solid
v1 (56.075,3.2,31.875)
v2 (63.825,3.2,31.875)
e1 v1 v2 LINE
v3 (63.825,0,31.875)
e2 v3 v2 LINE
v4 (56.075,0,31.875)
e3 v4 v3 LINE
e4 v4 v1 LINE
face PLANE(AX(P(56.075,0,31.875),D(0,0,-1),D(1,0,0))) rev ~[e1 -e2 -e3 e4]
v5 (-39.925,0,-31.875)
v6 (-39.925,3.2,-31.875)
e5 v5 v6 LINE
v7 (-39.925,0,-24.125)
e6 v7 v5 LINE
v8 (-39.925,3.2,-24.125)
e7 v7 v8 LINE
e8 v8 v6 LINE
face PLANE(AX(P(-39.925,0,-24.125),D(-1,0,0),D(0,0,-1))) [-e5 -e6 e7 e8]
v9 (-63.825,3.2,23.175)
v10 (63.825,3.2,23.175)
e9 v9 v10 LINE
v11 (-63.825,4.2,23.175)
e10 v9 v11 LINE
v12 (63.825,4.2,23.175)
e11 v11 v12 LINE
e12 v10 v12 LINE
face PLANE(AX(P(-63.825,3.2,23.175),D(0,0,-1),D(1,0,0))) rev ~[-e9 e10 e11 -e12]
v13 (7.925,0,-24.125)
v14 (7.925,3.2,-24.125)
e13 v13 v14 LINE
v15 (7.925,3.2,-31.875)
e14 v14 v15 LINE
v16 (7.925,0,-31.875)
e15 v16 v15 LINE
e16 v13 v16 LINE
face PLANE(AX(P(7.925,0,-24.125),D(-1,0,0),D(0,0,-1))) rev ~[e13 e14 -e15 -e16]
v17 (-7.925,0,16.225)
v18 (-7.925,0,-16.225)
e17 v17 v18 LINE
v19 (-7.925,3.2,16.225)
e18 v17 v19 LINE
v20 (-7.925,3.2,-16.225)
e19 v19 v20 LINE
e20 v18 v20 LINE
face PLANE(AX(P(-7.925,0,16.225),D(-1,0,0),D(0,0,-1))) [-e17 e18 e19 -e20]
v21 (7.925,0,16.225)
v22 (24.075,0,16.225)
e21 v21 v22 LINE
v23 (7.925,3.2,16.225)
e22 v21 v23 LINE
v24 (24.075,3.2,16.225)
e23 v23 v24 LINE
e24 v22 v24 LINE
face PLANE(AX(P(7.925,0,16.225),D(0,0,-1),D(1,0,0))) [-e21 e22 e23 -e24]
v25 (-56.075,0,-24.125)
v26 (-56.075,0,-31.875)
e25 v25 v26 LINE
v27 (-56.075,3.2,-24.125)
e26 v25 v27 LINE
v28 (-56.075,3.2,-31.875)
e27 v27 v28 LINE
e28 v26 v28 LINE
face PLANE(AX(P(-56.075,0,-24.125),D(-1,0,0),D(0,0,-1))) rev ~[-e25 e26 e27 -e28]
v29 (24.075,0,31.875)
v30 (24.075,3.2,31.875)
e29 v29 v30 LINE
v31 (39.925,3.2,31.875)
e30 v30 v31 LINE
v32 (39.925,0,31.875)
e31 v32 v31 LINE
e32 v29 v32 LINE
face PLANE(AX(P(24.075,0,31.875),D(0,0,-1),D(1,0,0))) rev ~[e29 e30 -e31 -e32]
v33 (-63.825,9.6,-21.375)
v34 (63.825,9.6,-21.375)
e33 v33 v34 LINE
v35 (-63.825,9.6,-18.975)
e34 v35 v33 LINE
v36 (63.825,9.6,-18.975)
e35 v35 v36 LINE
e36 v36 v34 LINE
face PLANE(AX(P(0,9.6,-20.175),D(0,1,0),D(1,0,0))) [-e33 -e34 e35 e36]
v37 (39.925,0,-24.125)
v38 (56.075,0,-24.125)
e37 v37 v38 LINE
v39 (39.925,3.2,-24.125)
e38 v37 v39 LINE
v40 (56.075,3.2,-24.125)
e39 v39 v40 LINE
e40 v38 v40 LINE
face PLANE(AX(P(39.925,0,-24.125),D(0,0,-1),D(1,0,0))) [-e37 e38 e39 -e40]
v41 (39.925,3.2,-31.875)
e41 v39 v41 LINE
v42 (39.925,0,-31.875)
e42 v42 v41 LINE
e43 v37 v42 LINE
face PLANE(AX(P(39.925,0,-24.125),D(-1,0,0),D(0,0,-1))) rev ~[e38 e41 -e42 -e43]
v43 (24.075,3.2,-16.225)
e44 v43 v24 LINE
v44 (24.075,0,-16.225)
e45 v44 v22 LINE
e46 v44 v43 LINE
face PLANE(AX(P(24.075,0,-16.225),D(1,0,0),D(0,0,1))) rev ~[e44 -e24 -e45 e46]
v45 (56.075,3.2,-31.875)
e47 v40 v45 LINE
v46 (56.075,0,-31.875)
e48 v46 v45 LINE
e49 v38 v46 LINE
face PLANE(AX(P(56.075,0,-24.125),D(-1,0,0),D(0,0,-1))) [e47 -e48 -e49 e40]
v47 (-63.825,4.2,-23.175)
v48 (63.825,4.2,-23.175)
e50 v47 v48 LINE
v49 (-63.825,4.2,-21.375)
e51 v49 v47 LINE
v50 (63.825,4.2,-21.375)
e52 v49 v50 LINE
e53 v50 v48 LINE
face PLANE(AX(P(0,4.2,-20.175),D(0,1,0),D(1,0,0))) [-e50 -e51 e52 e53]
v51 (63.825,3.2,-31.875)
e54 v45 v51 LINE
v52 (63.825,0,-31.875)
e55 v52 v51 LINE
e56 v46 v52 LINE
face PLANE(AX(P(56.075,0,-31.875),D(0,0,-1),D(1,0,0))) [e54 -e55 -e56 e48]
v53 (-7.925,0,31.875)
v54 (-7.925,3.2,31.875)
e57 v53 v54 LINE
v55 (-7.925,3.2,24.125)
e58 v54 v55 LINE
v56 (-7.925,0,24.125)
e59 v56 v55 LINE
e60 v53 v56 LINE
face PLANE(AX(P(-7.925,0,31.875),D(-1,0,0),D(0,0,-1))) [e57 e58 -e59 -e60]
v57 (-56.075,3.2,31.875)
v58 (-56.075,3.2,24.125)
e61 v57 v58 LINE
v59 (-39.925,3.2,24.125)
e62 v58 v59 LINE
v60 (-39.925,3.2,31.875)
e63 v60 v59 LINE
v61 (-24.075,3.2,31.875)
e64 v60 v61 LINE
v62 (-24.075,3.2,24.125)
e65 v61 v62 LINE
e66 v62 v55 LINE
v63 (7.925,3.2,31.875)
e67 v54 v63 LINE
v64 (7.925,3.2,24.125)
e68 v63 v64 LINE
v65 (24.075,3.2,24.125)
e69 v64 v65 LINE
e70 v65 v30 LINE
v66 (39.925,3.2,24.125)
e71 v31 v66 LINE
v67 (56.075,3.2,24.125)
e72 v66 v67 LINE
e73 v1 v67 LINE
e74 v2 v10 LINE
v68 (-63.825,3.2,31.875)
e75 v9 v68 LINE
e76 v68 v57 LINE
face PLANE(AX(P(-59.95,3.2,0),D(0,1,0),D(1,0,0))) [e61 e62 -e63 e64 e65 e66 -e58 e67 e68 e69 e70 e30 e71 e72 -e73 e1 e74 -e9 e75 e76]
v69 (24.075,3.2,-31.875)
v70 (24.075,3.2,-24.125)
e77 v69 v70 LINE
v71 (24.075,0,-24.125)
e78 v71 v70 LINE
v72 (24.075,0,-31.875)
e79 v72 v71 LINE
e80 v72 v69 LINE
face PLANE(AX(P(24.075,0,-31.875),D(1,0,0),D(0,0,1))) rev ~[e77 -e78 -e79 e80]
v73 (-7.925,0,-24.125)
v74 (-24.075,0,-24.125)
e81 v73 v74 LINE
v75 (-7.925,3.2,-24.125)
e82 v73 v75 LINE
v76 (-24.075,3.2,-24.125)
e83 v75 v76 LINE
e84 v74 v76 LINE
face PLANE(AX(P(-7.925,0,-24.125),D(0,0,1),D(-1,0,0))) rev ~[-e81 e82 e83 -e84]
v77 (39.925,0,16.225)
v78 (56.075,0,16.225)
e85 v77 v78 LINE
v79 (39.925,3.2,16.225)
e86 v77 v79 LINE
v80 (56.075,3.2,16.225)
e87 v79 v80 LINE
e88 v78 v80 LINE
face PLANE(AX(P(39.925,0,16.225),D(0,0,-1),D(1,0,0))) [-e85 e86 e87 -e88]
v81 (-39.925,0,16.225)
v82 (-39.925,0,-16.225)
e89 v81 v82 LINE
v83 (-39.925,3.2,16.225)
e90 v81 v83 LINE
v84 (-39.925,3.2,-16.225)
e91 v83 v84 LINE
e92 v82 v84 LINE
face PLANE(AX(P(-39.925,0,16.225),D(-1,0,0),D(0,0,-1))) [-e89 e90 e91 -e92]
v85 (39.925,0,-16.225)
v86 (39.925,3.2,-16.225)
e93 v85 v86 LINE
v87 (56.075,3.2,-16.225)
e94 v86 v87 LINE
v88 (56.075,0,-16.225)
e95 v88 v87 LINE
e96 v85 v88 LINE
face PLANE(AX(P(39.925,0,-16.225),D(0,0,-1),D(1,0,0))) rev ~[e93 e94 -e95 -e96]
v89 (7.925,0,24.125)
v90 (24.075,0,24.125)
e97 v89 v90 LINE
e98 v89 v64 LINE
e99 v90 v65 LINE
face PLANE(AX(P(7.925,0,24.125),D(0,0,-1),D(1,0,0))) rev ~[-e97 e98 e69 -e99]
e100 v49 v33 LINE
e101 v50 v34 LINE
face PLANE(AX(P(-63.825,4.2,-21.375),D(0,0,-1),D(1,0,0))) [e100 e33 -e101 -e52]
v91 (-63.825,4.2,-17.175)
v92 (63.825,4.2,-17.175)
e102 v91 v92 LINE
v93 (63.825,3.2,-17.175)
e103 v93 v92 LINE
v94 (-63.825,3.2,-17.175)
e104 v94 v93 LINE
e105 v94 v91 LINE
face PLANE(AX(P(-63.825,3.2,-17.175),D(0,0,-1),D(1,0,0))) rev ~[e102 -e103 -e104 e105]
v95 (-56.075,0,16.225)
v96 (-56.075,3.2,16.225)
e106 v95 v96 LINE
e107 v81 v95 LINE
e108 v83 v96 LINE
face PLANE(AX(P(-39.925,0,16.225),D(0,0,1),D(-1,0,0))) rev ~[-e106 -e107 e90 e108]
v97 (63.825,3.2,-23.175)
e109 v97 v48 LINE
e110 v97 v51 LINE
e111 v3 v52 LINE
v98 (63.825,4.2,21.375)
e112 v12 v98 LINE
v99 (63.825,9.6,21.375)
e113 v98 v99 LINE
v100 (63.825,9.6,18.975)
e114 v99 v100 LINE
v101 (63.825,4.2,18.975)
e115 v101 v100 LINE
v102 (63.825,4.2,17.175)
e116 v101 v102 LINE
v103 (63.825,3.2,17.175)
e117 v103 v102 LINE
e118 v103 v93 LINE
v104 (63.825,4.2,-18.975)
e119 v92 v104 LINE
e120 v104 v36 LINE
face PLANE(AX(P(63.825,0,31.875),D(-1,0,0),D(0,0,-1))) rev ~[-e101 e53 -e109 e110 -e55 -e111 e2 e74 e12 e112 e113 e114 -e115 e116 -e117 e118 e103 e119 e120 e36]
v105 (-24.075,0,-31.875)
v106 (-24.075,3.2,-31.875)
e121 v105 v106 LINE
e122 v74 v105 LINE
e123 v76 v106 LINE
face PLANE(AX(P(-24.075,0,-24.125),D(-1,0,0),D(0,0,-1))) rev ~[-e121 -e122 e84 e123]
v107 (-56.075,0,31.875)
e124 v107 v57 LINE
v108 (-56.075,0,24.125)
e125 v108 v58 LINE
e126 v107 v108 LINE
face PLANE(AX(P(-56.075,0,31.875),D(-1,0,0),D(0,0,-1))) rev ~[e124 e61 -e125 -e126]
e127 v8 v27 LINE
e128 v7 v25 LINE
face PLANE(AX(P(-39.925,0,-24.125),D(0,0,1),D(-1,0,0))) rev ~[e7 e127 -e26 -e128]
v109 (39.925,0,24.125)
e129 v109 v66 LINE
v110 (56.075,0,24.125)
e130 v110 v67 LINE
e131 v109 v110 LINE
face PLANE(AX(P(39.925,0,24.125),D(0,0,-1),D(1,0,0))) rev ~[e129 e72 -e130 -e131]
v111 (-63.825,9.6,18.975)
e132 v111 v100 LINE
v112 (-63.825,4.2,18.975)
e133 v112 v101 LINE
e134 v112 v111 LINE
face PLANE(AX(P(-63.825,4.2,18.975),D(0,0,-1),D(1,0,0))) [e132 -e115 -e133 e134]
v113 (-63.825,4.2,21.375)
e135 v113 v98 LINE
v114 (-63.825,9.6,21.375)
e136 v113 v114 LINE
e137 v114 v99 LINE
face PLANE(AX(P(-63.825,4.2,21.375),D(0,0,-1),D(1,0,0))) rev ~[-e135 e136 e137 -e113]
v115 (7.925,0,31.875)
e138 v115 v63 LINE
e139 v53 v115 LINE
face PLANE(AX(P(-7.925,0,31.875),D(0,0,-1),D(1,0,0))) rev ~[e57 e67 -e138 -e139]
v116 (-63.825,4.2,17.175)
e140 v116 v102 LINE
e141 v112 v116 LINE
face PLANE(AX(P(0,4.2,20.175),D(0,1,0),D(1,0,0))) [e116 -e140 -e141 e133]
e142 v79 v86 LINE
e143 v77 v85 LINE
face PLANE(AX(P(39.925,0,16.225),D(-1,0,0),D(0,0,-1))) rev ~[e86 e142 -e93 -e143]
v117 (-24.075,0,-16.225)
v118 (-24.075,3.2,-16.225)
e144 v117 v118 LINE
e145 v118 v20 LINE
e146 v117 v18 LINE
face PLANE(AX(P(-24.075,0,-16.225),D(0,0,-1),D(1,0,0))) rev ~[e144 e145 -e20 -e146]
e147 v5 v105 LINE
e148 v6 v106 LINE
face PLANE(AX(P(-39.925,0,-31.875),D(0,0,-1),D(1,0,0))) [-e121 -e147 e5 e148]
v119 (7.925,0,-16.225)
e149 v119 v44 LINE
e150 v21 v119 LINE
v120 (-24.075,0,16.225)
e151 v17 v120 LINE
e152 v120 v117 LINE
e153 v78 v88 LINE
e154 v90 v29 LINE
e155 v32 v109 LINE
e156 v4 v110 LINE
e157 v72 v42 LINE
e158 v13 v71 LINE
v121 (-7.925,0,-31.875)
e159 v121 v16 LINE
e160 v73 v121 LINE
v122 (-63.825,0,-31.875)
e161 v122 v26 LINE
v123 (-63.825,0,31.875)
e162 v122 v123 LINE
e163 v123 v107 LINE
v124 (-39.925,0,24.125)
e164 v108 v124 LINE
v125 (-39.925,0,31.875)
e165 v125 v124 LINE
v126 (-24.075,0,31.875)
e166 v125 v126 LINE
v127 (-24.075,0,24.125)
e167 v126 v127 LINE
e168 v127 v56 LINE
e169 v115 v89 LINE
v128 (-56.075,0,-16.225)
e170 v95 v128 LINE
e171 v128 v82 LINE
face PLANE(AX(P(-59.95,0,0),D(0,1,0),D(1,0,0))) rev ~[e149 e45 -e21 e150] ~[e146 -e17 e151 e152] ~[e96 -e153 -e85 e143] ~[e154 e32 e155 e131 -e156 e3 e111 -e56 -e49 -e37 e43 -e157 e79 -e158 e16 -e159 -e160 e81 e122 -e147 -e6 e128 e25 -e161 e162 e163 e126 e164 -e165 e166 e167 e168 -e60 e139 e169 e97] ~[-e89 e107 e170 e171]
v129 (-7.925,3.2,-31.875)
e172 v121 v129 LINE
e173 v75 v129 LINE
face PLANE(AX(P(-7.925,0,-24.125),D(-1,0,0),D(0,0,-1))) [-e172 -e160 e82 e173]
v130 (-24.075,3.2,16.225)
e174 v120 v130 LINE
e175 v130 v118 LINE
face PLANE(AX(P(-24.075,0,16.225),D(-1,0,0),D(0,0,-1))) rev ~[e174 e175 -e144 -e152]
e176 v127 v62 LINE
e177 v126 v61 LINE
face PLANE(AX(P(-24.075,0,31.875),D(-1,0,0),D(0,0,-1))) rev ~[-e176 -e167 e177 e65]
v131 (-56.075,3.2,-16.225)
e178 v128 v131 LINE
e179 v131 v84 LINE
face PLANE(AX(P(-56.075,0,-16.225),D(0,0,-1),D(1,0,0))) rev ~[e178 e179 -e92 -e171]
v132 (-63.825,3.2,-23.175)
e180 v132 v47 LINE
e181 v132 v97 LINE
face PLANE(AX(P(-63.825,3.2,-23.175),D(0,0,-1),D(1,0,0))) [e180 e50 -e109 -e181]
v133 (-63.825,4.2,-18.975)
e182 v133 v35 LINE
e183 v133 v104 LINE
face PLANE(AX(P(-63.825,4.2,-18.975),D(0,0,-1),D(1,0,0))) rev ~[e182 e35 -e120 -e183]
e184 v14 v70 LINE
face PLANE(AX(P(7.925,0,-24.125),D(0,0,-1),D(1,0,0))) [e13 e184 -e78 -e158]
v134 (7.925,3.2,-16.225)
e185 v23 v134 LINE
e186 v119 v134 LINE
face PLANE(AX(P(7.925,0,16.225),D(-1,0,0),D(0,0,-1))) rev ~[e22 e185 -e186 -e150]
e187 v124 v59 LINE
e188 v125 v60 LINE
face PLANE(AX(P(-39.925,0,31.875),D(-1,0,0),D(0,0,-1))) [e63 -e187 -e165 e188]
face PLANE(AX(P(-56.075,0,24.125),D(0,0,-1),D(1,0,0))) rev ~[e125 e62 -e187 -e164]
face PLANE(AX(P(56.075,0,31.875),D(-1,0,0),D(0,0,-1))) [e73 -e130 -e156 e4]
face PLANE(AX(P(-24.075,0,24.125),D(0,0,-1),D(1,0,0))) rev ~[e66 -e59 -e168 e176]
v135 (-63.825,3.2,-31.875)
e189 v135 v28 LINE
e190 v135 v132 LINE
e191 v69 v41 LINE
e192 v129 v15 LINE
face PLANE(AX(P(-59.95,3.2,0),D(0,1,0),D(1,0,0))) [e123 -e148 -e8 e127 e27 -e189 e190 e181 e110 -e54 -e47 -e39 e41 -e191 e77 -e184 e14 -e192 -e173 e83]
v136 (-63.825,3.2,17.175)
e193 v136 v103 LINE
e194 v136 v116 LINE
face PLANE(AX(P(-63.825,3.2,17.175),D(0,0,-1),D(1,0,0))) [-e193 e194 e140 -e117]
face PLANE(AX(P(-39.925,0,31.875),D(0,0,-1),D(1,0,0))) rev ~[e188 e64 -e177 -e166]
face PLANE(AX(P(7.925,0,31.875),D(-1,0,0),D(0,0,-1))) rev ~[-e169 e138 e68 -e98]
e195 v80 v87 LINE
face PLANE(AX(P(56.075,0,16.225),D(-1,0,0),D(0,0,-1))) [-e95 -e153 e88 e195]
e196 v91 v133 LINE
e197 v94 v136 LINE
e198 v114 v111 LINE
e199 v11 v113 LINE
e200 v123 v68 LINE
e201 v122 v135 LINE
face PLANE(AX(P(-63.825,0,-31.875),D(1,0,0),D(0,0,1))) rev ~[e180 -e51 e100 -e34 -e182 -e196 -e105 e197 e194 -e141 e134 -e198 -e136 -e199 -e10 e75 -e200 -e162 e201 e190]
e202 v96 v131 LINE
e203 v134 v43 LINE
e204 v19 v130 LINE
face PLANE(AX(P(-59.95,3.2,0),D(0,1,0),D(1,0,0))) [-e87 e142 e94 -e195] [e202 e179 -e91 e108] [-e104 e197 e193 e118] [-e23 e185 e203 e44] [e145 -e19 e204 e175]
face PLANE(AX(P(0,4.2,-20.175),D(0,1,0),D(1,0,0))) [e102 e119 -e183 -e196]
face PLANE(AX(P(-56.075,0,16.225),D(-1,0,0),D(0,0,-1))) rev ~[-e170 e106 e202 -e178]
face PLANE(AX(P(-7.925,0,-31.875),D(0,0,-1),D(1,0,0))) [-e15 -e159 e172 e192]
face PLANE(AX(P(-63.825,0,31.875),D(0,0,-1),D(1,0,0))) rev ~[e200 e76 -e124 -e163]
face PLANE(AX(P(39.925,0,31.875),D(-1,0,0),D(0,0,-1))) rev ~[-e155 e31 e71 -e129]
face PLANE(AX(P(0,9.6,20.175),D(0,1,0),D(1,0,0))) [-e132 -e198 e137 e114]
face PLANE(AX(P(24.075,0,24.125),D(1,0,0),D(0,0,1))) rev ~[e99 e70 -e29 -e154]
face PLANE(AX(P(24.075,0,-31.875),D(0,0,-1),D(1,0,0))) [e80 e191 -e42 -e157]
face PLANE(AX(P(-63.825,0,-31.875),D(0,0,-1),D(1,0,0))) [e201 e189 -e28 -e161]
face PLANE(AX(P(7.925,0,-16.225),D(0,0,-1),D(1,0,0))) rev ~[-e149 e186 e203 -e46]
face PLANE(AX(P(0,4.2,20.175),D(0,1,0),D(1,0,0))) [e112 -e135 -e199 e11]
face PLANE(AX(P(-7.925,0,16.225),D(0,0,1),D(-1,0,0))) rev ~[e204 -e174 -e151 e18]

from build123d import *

# Parameters (mm, degrees)
SKETCH1_W           = 7.75
SKETCH1_H           = 32.45
SKETCH1_H_2         = 7.9
SKETCH1_H_3         = 7.75
SKETCH1_W_2         = 16.15
SKETCH1_W_3         = 15.85
BOSS_EXTRUDE1_DEPTH = 3.2
SKETCH2_W           = 127.65
SKETCH2_H           = 6
BOSS_EXTRUDE2_DEPTH = 1
SKETCH3_W           = 127.65
SKETCH3_H           = 2.4
BOSS_EXTRUDE3_DEPTH = 5.4


with BuildPart() as part:
    # Sketch1 → Boss-Extrude1 (new body)
    with BuildSketch(Plane(origin=(0, 0, 0), x_dir=(1, 0, 0), z_dir=(0, 1, 0))):
        with Locations((-59.95, 0)):
            Rectangle(SKETCH1_W, SKETCH1_H)
        with Locations((-59.95, 20.175)):
            Rectangle(SKETCH1_W, SKETCH1_H_2)
        with Locations((-59.95, 28)):
            Rectangle(SKETCH1_W, SKETCH1_H_3)
        with Locations((-59.95, -20.175)):
            Rectangle(SKETCH1_W, SKETCH1_H_2)
        with Locations((-59.95, -28)):
            Rectangle(SKETCH1_W, SKETCH1_H_3)
        with Locations((-48, 20.175)):
            Rectangle(SKETCH1_W_2, SKETCH1_H_2)
        with Locations((-48, -20.175)):
            Rectangle(SKETCH1_W_2, SKETCH1_H_2)
        with Locations((-32, -28)):
            Rectangle(SKETCH1_W_3, SKETCH1_H_3)
        with Locations((-32, -20.175)):
            Rectangle(SKETCH1_W_3, SKETCH1_H_2)
        with Locations((-32, 0)):
            Rectangle(SKETCH1_W_3, SKETCH1_H)
        with Locations((-32, 20.175)):
            Rectangle(SKETCH1_W_3, SKETCH1_H_2)
        with Locations((-32, 28)):
            Rectangle(SKETCH1_W_3, SKETCH1_H_3)
        with Locations((-16, 20.175)):
            Rectangle(SKETCH1_W_2, SKETCH1_H_2)
        with Locations((-16, -20.175)):
            Rectangle(SKETCH1_W_2, SKETCH1_H_2)
        with Locations((0, -20.175)):
            Rectangle(SKETCH1_W_3, SKETCH1_H_2)
        with Locations((0, -28)):
            Rectangle(SKETCH1_W_3, SKETCH1_H_3)
        with Locations((0, 20.175)):
            Rectangle(SKETCH1_W_3, SKETCH1_H_2)
        Rectangle(SKETCH1_W_3, SKETCH1_H)
        with Locations((0, 28)):
            Rectangle(SKETCH1_W_3, SKETCH1_H_3)
        with Locations((32, 28)):
            Rectangle(SKETCH1_W_3, SKETCH1_H_3)
        with Locations((32, 20.175)):
            Rectangle(SKETCH1_W_3, SKETCH1_H_2)
        with Locations((32, 0)):
            Rectangle(SKETCH1_W_3, SKETCH1_H)
        with Locations((32, -20.175)):
            Rectangle(SKETCH1_W_3, SKETCH1_H_2)
        with Locations((32, -28)):
            Rectangle(SKETCH1_W_3, SKETCH1_H_3)
        with Locations((16, 20.175)):
            Rectangle(SKETCH1_W_2, SKETCH1_H_2)
        with Locations((16, -20.175)):
            Rectangle(SKETCH1_W_2, SKETCH1_H_2)
        with Locations((48, -20.175)):
            Rectangle(SKETCH1_W_2, SKETCH1_H_2)
        with Locations((48, 20.175)):
            Rectangle(SKETCH1_W_2, SKETCH1_H_2)
        with Locations((59.95, 28)):
            Rectangle(SKETCH1_W, SKETCH1_H_3)
        with Locations((59.95, 20.175)):
            Rectangle(SKETCH1_W, SKETCH1_H_2)
        with Locations((59.95, 0)):
            Rectangle(SKETCH1_W, SKETCH1_H)
        with Locations((59.95, -20.175)):
            Rectangle(SKETCH1_W, SKETCH1_H_2)
        with Locations((59.95, -28)):
            Rectangle(SKETCH1_W, SKETCH1_H_3)
    extrude(amount=BOSS_EXTRUDE1_DEPTH)

    # Sketch2 → Boss-Extrude2 (add)
    with BuildSketch(Plane(origin=(0, 3.2, 0), x_dir=(1, 0, 0), z_dir=(0, 1, 0))):
        with Locations((0, -20.175)):
            Rectangle(SKETCH2_W, SKETCH2_H)
        with Locations((0, 20.175)):
            Rectangle(SKETCH2_W, SKETCH2_H)
    extrude(amount=BOSS_EXTRUDE2_DEPTH)

    # Sketch3 → Boss-Extrude3 (add)
    with BuildSketch(Plane(origin=(0, 4.2, 0), x_dir=(1, 0, 0), z_dir=(0, 1, 0))):
        with Locations((0, 20.175)):
            Rectangle(SKETCH3_W, SKETCH3_H)
        with Locations((0, -20.175)):
            Rectangle(SKETCH3_W, SKETCH3_H)
    extrude(amount=BOSS_EXTRUDE3_DEPTH)


solid = part.part
